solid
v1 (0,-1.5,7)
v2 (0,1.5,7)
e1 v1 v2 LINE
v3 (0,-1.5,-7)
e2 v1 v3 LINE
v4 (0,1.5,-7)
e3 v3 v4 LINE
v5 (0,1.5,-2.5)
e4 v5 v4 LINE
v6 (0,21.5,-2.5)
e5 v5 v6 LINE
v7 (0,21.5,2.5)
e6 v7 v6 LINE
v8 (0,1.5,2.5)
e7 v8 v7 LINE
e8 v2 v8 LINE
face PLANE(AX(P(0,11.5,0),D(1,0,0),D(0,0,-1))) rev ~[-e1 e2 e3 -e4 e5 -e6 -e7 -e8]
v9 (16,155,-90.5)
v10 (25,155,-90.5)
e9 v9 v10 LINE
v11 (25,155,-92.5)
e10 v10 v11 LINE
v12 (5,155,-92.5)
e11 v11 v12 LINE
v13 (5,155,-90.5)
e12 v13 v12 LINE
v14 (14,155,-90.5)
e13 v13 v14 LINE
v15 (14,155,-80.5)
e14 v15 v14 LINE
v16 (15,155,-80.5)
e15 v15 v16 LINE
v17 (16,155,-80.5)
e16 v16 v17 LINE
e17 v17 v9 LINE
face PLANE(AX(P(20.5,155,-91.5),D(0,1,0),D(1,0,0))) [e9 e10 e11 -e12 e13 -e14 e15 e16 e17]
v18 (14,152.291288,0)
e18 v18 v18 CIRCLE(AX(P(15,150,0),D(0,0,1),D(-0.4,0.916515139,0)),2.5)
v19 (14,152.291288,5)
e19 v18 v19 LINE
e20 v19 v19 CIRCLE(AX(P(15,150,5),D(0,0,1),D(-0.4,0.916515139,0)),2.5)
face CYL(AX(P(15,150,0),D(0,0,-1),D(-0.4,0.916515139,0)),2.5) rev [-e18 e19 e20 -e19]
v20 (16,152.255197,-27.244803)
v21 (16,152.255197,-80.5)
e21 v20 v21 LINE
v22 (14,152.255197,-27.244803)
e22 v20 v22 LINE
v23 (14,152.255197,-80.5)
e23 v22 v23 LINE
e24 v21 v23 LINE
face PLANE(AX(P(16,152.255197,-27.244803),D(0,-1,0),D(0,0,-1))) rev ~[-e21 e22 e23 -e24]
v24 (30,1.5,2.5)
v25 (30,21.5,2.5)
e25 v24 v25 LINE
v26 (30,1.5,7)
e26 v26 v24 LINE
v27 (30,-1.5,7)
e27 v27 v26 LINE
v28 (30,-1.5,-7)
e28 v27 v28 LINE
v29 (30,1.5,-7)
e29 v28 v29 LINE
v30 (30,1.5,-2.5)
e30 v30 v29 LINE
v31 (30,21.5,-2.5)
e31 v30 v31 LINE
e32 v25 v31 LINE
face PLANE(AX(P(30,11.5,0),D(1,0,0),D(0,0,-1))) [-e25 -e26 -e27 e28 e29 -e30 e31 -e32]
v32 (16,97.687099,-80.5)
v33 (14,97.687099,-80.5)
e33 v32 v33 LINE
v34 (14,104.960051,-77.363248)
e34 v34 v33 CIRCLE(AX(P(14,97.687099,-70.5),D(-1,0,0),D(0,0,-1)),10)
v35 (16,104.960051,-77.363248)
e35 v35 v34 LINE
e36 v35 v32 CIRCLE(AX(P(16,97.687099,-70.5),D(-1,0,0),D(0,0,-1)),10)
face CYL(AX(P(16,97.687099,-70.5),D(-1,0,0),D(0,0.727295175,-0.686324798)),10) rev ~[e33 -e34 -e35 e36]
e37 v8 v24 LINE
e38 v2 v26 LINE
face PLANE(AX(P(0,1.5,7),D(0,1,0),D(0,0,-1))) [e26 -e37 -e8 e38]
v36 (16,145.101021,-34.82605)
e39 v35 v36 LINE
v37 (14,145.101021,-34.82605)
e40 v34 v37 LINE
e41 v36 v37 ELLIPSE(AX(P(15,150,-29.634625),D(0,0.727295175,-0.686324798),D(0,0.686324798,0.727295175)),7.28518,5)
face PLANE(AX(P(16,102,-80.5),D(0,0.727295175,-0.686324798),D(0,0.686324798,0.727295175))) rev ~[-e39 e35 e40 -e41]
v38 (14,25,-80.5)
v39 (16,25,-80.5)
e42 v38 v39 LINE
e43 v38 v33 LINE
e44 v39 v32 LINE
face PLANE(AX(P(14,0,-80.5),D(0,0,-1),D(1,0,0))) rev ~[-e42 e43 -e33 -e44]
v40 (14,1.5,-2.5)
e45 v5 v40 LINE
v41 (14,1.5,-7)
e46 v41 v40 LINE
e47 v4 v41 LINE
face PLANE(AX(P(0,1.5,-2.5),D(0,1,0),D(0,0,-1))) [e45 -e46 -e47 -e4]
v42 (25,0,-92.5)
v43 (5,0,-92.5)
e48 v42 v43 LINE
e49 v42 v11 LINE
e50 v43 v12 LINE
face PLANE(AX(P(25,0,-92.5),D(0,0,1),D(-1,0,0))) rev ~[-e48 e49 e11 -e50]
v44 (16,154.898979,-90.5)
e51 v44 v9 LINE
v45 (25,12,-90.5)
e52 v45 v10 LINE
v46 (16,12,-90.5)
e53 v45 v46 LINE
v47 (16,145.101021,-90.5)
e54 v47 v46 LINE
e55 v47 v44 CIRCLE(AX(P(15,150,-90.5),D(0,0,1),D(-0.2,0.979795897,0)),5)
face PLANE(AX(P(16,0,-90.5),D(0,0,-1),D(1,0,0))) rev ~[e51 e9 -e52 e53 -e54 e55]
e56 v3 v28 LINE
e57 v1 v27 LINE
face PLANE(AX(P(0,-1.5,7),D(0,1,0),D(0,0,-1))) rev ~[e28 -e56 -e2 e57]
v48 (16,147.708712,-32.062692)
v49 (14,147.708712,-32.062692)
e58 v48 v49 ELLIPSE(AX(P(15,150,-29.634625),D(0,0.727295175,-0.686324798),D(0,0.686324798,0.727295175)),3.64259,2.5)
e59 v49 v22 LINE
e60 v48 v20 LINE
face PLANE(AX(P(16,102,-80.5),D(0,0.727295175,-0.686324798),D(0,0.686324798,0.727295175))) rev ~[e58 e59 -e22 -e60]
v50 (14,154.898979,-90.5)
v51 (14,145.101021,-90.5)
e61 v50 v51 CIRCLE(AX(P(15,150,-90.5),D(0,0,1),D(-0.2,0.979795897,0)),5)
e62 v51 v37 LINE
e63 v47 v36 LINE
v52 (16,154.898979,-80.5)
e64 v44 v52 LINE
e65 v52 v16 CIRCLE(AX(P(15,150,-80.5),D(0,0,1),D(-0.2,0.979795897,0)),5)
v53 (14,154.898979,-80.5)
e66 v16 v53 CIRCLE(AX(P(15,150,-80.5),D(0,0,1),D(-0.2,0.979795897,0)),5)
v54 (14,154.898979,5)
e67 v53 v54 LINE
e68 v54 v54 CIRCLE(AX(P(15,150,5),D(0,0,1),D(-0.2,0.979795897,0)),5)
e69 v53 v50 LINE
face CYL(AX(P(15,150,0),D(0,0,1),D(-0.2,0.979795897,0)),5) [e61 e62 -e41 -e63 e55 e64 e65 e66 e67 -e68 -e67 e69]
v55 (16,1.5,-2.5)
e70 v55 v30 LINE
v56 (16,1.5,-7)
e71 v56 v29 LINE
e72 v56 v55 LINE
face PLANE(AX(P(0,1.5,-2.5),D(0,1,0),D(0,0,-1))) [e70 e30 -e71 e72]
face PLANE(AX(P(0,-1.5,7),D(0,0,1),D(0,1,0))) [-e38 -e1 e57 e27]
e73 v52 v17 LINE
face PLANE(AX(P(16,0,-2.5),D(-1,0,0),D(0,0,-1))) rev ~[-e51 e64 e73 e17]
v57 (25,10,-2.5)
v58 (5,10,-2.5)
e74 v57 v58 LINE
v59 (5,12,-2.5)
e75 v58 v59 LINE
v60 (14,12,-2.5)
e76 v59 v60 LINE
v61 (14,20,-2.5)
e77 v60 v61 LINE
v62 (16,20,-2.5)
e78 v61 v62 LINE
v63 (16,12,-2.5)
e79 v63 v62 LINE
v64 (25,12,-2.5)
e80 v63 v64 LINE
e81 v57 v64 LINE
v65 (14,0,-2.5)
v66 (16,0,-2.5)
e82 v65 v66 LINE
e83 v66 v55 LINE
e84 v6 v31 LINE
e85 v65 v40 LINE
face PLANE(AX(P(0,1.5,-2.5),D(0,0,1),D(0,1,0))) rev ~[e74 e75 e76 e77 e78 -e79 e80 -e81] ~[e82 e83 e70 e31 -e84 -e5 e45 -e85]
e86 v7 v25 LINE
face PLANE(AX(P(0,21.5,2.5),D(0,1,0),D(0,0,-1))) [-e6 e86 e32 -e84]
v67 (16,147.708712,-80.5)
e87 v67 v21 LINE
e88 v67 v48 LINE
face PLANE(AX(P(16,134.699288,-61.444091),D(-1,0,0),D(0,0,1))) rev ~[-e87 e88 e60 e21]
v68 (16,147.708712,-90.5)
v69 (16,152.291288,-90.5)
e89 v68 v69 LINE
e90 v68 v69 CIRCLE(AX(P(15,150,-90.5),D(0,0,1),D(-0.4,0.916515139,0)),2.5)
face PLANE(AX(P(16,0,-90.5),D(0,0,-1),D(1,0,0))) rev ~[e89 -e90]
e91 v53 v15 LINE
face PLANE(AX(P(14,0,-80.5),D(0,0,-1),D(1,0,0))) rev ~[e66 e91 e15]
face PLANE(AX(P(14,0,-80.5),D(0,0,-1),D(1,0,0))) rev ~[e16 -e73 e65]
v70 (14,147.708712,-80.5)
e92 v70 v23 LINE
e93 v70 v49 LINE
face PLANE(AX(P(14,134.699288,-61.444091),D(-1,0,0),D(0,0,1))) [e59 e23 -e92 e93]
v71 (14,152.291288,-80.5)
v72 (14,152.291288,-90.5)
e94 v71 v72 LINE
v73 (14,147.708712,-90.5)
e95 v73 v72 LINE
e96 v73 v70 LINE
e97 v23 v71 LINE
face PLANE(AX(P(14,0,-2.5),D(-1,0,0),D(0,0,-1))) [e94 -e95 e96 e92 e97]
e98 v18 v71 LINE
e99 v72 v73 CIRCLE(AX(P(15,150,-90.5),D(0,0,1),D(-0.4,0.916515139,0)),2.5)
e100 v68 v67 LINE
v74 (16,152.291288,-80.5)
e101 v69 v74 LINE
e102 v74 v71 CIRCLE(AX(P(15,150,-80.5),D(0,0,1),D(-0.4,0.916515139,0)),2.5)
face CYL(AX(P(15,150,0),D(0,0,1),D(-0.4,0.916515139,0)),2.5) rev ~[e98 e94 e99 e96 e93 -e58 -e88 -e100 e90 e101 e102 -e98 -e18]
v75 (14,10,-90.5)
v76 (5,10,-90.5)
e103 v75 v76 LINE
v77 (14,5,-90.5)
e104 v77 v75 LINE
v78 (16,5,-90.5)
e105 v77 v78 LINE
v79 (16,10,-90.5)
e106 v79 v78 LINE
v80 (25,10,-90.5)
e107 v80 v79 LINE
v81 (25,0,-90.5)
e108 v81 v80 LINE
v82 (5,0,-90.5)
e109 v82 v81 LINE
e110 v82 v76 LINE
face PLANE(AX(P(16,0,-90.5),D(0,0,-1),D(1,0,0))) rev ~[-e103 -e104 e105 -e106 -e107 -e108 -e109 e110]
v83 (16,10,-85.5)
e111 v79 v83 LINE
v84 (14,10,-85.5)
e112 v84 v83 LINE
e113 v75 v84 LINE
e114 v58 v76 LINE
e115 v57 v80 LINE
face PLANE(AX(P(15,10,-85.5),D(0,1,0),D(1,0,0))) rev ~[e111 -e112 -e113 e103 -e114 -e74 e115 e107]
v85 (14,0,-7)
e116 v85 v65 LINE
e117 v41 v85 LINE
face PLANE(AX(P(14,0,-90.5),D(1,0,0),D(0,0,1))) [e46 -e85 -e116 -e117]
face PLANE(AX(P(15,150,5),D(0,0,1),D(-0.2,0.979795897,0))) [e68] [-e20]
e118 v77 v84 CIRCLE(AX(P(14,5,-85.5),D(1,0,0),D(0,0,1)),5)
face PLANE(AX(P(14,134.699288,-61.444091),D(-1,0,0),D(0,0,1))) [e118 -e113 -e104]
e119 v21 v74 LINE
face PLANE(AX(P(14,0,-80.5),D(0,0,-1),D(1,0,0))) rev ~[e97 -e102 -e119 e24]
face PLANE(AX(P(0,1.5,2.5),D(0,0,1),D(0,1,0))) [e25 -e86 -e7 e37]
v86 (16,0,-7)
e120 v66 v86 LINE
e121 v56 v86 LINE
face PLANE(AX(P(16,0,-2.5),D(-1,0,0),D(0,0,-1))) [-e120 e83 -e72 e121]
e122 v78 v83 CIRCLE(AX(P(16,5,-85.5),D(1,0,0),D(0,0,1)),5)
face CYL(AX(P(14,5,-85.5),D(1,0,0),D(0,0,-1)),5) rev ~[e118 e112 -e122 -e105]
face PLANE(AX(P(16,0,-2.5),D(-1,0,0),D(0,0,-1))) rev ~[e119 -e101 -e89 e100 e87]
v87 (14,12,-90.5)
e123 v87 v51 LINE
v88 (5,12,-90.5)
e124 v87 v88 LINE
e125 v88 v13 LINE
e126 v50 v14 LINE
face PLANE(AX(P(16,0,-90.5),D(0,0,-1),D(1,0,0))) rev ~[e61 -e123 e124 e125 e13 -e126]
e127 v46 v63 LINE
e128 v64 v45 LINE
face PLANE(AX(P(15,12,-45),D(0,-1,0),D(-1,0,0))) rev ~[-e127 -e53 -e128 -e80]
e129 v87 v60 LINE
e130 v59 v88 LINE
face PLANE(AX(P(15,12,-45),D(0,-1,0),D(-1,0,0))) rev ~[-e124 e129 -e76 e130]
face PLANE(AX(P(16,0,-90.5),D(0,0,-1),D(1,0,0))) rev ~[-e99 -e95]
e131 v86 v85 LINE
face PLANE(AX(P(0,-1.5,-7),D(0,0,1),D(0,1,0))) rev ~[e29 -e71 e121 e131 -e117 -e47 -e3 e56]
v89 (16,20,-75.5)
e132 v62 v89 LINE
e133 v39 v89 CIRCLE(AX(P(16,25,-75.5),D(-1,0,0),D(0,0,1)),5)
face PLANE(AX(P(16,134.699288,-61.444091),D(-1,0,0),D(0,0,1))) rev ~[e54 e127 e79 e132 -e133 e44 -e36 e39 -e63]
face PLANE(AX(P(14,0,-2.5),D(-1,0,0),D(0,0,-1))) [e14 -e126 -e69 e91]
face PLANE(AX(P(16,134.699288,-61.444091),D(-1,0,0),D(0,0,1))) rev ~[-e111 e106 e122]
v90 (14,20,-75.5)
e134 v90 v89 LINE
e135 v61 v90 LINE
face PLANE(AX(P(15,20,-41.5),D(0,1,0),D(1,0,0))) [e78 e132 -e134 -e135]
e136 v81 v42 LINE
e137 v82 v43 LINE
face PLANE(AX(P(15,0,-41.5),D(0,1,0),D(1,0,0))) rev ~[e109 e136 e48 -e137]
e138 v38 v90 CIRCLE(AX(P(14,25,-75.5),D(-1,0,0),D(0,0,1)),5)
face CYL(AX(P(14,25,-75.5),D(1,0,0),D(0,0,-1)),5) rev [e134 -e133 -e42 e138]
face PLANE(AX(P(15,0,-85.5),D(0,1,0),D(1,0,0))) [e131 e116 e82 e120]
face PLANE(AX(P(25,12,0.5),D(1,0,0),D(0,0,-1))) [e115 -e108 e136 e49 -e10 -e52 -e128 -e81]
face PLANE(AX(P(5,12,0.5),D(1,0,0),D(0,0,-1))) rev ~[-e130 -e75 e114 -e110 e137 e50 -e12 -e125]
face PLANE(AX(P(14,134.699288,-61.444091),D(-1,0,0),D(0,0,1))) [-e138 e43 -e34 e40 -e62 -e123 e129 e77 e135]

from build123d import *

# Parameters (mm, degrees)
SKETCH1_W                       = 5
SKETCH1_H                       = 20
SKETCH1_W_2                     = 14
SKETCH1_H_2                     = 3
BOSS_EXTRUDE1_DEPTH             = 30
SKETCH4_W                       = 9
SKETCH4_H                       = 2
SKETCH4_W_2                     = 2
SKETCH4_H_2                     = 10
BOSS_EXTRUDE2_DEPTH             = 155
SKETCH4_4_W                     = 2
SKETCH4_4_H                     = 78
BOSS_EXTRUDE3_DEPTH             = 20
SKETCH4_5_W                     = 2
SKETCH4_5_H                     = 10
SKETCH4_5_H_2                   = 78
CUT_EXTRUDE1_DEPTH              = 10
BOSS_EXTRUDE4_REACH             = 184.979
SKETCH2_R                       = 5
SKETCH2_R_2                     = 2.5
BOSS_EXTRUDE4_DIRECTION_2_DEPTH = 5
FILLET1_R                       = 5
BOSS_EXTRUDE6_DEPTH             = 2
FILLET2_R                       = 10
BOSS_EXTRUDE7_DEPTH             = 1
BOSS_EXTRUDE7_DEPTH_BACK        = 1
SKETCH5_W                       = 20
SKETCH5_H                       = 91


with BuildPart() as part:
    # Sketch1 → Boss-Extrude1 (new body)
    with BuildSketch(Plane(origin=(0, 0, 0), x_dir=(0, 0, -1), z_dir=(1, 0, 0))):
        with Locations((0, 11.5)):
            Rectangle(SKETCH1_W, SKETCH1_H)
        Rectangle(SKETCH1_W_2, SKETCH1_H_2)
    extrude(amount=BOSS_EXTRUDE1_DEPTH)



with BuildPart() as body_2:
    # Sketch4 → Boss-Extrude2 (new body)
    with BuildSketch(Plane(origin=(0, 0, 0), x_dir=(1, 0, 0), z_dir=(0, 1, 0))):
        with Locations((20.5, 91.5)):
            Rectangle(SKETCH4_W, SKETCH4_H)
        with Locations((15, 91.5)):
            Rectangle(SKETCH4_W_2, SKETCH4_H)
        with Locations((9.5, 91.5)):
            Rectangle(SKETCH4_W, SKETCH4_H)
        with Locations((15, 85.5)):
            Rectangle(SKETCH4_W_2, SKETCH4_H_2)
    extrude(amount=BOSS_EXTRUDE2_DEPTH)


with BuildPart() as part_1:
    add(part.part)

    add(body_2.part)  # Boss-Extrude3 merges body 2
    # Sketch4<4> → Boss-Extrude3 (add)
    with BuildSketch(Plane(origin=(0, 0, 0), x_dir=(1, 0, 0), z_dir=(0, 1, 0))):
        with Locations((15, 41.5)):
            Rectangle(SKETCH4_4_W, SKETCH4_4_H)
    extrude(amount=BOSS_EXTRUDE3_DEPTH)

    # Sketch4<5> → Cut-Extrude1 (cut)
    with BuildSketch(Plane(origin=(0, 0, 0), x_dir=(1, 0, 0), z_dir=(0, 1, 0))):
        with Locations((15, 85.5)):
            Rectangle(SKETCH4_5_W, SKETCH4_5_H)
        with Locations((15, 41.5)):
            Rectangle(SKETCH4_5_W, SKETCH4_5_H_2)
    extrude(amount=CUT_EXTRUDE1_DEPTH, mode=Mode.SUBTRACT)

    # Boss-Extrude4: up to this face of the body (flat: up to its plane)
    boss_extrude4_end = Plane(part_1.part.faces().sort_by_distance((15, 77.5, -92.5))[0])
    # Sketch2 → Boss-Extrude4 (add, up to the picked face)
    with BuildSketch(Plane.XY, mode=Mode.PRIVATE) as boss_extrude4_sk1:
        with Locations(Location((15, 150, 0), (0, 0, 101.536959033))):
            Circle(SKETCH2_R)
        with Locations(Location((15, 150, 0), (0, 0, 113.578178478))):
            Circle(SKETCH2_R_2, mode=Mode.SUBTRACT)
    boss_extrude4_tool1 = split(extrude(boss_extrude4_sk1.sketch, amount=-BOSS_EXTRUDE4_REACH, mode=Mode.PRIVATE), bisect_by=boss_extrude4_end, keep=Keep.BOTH, mode=Mode.PRIVATE)
    add(boss_extrude4_tool1.solids().sort_by(Axis((15.971716, 145.239585, 0), (0, 0, -1)))[0])

    # Sketch2 → Boss-Extrude4 direction 2 (add)
    with BuildSketch(Plane.XY):
        with Locations(Location((15, 150, 0), (0, 0, 101.536959033))):
            Circle(SKETCH2_R)
        with Locations(Location((15, 150, 0), (0, 0, 113.578178478))):
            Circle(SKETCH2_R_2, mode=Mode.SUBTRACT)
    extrude(amount=BOSS_EXTRUDE4_DIRECTION_2_DEPTH)

    # Fillet1
    fillet1_edges = [part_1.edges().sort_by_distance(p)[0] for p in [
        (15, 20, -80.5),
        (15, 10, -90.5),
    ]]
    fillet(fillet1_edges, radius=FILLET1_R)

    # Sketch6 → Boss-Extrude6 (add)
    with BuildSketch(Plane(origin=(16, 0, 0), x_dir=(0, 0, -1), z_dir=(1, 0, 0))):
        Polygon((80.5, 102), (27.244802727, 152.255197273), (80.5, 152.255197273), align=None)
    extrude(amount=-BOSS_EXTRUDE6_DEPTH)

    # Fillet2
    fillet2_edges = [part_1.edges().sort_by_distance(p)[0] for p in [
        (15, 102, -80.5),
    ]]
    fillet(fillet2_edges, radius=FILLET2_R)

    # Sketch5 → Boss-Extrude7 (add, two sides: drawn at the far end of the back side and taken through both)
    with BuildSketch(Plane(origin=(0, 11, 0), x_dir=(-1, 0, 0), z_dir=(0, -1, 0)).offset(-BOSS_EXTRUDE7_DEPTH_BACK)):
        with Locations((-15, 45)):
            Rectangle(SKETCH5_W, SKETCH5_H)
    extrude(amount=BOSS_EXTRUDE7_DEPTH + BOSS_EXTRUDE7_DEPTH_BACK)


solid = part_1.part
